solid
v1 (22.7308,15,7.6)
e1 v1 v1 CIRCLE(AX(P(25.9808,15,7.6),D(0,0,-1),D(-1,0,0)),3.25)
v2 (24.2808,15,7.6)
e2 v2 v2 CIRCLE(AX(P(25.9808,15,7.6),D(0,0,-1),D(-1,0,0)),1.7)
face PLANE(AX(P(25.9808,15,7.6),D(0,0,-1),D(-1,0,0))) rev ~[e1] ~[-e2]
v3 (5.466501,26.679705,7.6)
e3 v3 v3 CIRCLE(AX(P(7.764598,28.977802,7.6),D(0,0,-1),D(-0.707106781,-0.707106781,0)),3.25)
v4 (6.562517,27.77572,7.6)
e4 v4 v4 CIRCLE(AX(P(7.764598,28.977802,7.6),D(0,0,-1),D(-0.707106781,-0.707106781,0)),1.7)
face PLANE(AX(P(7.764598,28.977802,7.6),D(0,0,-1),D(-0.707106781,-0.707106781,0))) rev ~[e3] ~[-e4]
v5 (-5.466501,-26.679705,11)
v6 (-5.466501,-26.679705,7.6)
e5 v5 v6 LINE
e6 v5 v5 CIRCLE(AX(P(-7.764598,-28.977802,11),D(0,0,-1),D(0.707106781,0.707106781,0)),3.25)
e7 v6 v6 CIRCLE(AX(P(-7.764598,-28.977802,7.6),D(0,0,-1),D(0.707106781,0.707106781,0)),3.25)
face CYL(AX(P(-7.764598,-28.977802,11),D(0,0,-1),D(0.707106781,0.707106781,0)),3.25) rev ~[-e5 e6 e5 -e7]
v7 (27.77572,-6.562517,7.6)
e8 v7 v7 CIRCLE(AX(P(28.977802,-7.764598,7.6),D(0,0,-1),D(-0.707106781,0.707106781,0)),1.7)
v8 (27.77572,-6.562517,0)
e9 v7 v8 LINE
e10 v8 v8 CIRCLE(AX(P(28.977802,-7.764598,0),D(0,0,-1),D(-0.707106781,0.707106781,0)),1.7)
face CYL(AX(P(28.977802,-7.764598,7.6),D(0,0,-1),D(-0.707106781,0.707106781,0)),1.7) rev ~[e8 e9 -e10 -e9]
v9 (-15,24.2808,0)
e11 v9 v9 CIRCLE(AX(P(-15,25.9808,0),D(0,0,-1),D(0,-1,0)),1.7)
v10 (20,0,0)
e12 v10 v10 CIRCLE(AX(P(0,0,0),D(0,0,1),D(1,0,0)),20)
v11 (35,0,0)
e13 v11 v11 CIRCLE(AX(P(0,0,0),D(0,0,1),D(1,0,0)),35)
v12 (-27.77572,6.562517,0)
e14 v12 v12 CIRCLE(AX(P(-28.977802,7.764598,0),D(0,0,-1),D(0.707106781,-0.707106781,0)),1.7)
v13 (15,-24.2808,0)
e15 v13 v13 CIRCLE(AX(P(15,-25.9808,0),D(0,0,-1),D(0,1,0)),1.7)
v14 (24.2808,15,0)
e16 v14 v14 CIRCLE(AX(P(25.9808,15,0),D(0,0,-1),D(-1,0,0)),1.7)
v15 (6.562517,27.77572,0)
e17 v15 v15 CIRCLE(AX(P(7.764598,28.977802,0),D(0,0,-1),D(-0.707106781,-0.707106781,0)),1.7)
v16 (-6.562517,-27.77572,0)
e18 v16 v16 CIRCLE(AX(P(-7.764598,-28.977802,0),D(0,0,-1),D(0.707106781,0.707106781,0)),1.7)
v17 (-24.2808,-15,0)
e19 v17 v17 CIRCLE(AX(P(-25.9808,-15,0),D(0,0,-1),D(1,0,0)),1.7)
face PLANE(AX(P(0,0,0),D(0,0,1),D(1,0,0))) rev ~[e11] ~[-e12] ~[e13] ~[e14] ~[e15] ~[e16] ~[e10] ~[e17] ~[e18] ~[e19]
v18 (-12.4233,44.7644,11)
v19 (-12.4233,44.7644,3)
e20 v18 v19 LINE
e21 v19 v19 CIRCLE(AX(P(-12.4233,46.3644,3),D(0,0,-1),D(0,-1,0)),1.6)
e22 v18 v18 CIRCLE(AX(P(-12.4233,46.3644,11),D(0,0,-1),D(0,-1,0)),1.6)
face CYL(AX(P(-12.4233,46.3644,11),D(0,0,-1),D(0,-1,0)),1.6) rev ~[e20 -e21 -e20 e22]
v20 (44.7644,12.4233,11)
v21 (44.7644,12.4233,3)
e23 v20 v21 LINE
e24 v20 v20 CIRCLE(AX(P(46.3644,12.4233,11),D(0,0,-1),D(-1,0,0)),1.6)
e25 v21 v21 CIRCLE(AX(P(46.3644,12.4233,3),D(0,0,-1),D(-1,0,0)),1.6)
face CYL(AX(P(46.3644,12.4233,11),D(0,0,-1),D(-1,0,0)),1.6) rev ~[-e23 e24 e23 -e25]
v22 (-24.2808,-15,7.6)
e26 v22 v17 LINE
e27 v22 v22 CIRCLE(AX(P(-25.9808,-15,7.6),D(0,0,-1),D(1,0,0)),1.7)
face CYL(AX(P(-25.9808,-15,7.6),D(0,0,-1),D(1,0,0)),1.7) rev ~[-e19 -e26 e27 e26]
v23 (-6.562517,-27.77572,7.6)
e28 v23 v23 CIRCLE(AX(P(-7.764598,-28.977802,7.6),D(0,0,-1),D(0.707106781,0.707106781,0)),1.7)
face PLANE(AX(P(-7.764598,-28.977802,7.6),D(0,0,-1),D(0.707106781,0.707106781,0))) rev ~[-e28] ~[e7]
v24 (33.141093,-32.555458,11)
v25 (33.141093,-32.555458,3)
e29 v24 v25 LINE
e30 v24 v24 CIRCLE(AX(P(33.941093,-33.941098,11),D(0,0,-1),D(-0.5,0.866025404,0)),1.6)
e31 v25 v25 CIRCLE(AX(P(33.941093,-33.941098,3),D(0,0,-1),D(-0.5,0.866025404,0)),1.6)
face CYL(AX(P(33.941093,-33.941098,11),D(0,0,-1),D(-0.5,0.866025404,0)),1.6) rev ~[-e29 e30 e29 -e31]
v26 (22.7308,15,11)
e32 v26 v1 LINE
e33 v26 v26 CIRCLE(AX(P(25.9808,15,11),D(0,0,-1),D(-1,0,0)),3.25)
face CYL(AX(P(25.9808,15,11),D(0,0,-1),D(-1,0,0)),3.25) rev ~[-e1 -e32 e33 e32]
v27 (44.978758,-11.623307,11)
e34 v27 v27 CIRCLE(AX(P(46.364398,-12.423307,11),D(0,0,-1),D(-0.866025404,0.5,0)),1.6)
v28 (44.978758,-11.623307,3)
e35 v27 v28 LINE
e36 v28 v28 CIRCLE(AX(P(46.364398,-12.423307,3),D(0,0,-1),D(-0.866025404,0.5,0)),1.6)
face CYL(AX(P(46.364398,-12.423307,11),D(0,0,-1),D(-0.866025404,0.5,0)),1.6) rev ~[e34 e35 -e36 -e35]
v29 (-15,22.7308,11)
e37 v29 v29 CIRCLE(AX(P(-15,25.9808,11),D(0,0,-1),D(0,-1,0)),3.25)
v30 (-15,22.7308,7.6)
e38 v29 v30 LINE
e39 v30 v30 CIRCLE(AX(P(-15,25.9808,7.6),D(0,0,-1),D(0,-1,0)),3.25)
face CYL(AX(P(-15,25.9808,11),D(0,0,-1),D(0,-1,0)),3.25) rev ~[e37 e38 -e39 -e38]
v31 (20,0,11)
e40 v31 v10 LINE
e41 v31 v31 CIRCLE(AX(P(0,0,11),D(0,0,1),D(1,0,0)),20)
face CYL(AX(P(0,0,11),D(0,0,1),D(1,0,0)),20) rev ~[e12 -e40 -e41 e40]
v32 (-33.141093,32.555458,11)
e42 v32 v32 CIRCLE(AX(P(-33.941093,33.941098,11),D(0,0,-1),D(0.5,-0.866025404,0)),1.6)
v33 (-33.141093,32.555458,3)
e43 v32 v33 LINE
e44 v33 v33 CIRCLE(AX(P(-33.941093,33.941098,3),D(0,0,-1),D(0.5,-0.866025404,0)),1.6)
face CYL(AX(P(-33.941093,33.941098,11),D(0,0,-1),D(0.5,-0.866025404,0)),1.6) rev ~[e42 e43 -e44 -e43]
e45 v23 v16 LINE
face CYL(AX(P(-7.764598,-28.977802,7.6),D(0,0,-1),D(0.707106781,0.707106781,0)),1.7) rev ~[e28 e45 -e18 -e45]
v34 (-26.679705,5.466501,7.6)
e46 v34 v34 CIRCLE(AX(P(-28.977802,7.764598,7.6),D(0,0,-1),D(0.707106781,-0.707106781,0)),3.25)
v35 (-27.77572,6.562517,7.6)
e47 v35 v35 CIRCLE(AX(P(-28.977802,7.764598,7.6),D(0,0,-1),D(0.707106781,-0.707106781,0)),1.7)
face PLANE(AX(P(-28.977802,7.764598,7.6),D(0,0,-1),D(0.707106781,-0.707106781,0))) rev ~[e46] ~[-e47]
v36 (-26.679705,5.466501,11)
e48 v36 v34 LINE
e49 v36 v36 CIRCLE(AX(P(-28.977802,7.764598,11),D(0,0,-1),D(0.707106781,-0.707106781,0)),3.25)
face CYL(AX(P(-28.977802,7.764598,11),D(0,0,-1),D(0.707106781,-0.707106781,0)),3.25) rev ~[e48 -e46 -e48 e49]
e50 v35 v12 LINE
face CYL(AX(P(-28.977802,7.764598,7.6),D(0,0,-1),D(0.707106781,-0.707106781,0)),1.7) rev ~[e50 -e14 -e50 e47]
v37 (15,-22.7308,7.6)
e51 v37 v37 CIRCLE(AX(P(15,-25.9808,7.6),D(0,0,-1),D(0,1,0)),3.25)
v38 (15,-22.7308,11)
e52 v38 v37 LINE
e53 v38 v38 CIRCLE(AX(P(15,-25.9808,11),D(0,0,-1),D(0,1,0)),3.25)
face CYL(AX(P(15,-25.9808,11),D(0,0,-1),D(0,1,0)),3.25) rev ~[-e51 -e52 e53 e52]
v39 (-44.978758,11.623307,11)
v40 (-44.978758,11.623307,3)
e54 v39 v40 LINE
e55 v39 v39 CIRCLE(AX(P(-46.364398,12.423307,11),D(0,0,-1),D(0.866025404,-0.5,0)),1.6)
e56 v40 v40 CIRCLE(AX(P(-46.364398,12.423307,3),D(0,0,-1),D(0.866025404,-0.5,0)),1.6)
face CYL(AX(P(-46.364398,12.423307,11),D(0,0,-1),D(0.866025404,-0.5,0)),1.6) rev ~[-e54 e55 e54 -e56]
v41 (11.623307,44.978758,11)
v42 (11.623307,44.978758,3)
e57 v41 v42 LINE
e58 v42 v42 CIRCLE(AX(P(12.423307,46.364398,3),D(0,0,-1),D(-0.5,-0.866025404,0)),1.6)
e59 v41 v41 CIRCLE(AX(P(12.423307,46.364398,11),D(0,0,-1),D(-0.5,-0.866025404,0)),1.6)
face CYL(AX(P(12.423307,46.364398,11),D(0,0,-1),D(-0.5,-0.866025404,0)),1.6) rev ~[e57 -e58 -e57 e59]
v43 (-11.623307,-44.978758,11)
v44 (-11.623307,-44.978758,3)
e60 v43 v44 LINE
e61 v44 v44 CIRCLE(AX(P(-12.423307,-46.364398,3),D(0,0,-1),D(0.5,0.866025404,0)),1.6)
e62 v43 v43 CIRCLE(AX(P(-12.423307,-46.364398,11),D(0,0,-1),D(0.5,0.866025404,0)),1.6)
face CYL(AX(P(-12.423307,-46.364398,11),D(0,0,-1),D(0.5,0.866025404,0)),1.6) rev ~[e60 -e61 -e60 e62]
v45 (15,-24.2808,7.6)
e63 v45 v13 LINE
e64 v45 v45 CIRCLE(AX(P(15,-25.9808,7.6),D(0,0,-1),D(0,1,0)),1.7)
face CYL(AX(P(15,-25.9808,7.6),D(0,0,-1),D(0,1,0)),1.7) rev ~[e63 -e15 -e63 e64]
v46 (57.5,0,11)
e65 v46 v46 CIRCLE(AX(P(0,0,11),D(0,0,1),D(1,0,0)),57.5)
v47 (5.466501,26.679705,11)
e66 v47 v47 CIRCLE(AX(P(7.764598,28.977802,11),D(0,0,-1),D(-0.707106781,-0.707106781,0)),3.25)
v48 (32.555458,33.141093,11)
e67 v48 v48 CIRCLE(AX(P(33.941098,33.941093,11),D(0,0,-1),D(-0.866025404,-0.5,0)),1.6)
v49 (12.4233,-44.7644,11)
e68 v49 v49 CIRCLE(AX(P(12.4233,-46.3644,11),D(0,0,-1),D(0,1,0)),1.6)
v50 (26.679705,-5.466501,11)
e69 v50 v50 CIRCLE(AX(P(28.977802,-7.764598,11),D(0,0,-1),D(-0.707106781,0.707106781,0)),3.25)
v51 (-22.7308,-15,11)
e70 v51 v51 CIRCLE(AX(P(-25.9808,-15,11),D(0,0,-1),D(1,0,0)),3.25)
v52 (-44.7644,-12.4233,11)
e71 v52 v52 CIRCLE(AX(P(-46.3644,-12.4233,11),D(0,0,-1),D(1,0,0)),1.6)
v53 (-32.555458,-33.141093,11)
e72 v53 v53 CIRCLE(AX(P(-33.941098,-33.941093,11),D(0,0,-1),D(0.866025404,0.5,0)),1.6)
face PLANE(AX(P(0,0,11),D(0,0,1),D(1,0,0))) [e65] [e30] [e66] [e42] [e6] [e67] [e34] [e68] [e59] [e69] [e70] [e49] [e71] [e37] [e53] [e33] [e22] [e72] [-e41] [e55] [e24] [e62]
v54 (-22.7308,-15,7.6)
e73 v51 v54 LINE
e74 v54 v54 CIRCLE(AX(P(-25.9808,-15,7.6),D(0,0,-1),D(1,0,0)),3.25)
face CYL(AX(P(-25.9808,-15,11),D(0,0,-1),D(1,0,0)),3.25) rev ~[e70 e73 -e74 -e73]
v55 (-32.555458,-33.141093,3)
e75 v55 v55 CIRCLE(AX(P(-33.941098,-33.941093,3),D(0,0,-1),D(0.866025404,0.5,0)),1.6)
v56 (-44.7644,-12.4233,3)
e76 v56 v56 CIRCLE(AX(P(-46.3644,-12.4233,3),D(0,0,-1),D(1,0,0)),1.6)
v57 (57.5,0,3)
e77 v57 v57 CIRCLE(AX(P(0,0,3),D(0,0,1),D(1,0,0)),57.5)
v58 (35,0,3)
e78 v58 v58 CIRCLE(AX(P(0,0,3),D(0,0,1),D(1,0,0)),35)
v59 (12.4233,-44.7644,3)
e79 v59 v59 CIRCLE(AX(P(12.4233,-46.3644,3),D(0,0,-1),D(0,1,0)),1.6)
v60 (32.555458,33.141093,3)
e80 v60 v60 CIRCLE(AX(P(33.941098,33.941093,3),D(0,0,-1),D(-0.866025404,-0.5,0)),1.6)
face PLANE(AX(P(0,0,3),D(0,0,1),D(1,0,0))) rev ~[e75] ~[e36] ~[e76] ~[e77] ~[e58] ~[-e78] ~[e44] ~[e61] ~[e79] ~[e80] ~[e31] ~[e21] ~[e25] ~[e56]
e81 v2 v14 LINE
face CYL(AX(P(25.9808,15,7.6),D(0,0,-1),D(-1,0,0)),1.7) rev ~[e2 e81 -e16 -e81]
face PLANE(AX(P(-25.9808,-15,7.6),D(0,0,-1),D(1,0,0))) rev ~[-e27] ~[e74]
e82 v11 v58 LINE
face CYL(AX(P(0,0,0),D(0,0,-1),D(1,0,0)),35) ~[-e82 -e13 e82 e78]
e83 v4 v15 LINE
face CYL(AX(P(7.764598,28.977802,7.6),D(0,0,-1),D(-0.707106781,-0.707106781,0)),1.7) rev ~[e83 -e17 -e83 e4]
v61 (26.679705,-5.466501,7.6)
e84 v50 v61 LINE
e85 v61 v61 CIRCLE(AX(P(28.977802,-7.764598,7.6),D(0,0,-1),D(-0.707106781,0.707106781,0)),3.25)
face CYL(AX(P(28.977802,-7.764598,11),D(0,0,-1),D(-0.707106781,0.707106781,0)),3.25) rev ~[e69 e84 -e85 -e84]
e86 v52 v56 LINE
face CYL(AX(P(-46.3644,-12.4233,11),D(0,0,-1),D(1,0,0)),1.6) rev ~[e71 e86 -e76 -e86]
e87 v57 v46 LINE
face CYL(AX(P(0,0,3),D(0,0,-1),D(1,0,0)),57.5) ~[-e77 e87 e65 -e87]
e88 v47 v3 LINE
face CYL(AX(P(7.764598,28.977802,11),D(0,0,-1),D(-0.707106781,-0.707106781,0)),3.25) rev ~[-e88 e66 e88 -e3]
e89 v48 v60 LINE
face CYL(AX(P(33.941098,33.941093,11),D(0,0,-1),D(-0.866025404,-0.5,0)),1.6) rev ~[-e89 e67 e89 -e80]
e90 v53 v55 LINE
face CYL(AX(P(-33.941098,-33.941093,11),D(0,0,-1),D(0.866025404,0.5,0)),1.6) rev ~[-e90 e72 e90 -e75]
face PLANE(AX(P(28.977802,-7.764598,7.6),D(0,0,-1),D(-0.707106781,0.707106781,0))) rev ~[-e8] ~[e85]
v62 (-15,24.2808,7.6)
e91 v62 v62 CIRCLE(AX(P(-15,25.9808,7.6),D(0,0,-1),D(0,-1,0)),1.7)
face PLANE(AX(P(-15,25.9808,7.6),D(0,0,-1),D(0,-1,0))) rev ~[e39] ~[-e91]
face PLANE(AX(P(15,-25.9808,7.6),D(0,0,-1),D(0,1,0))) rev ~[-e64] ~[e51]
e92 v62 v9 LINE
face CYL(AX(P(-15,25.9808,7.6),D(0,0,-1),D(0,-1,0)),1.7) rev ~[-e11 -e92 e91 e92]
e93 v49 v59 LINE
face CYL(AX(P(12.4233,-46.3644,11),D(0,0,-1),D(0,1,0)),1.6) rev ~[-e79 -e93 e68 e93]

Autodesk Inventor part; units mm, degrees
ref_plane "YZ Plane" through (0, 0, 0) normal (1, 0, 0) x (0, 1, 0)
ref_plane "XZ Plane" through (0, 0, 0) normal (0, 1, 0) x (-1, 0, 0)
ref_plane "XY Plane" through (0, 0, 0) normal (0, 0, 1) x (1, 0, 0)
sketch "Sketch1" plane through (0, 0, 0) normal (0, 0, 1) x (1, 0, 0)
  circle A0 centre (0, 0) radius 35
  point P0 (0, 35)
  point P1 (0, -35)
  dimension "d0" = 70
extrude "Extrusion1" add sketch "Sketch1" along normal blind 3
sketch "Sketch3" plane through (0, 0, 3) normal (0, 0, 1) x (1, 0, 0)
  circle A0 centre (0, 0) radius 57.5
  dimension "d8" = 115
extrude "Extrusion3" add sketch "Sketch3" along normal blind 8
sketch "Sketch7" plane through (0, 0, 11) normal (0, 0, 1) x (1, 0, 0)
  line L0 (-15, 25.9808) -> (0, 0)
  line L1 (0, 80.5) -> (0, -80.5) projected
  dimension "d25" = 30
  dimension "d26" = 30
hole "Hole2" at (-15, 25.9808, 11) direction (0, 0, -1) diameter 3.4 end through all counterbore diameter 6.5 counterbore depth 3.4 clearance for "Socket Head Cap Screw DIN EN ISO 4762" size "M3" standard "DIN"
pattern_circular "Circular Pattern1" count 8 over 360 about axis through (0, 0, -10) along (0, 0, 1) of "Hole2"
sketch "Sketch12" plane through (0, 0, 11) normal (0, 0, 1) x (1, 0, 0)
  line L0 (-12.4233, 46.3644) -> (0, 0)
  line L1 (0, 80.5) -> (0, -80.5) projected
  dimension "d77" = 15
  dimension "d78" = 48
hole "Hole6" at (-12.4233, 46.3644, 11) direction (0, 0, -1) diameter 3.2 end through all
pattern_circular "Circular Pattern2" count 12 over 360 about axis through (0, 0, -10) along (0, 0, 1) of "Hole6"
sketch "Sketch8" plane through (0, 0, 11) normal (0, 0, 1) x (1, 0, 0)
  circle A0 centre (0, 0) radius 20
  dimension "d89" = 40
extrude "Extrusion4" cut sketch "Sketch8" against normal through all
equation "\"d79\" = M3_adjustable"
equation "\"bearing_61807_inner\" = 35"
equation "\"bearing_61807_outer\" = 47.1"
equation "\"bearing_61814_outer\" = 90.1"
equation "\"M3_adjustable\" = 3.2"
properties part number "201-"
